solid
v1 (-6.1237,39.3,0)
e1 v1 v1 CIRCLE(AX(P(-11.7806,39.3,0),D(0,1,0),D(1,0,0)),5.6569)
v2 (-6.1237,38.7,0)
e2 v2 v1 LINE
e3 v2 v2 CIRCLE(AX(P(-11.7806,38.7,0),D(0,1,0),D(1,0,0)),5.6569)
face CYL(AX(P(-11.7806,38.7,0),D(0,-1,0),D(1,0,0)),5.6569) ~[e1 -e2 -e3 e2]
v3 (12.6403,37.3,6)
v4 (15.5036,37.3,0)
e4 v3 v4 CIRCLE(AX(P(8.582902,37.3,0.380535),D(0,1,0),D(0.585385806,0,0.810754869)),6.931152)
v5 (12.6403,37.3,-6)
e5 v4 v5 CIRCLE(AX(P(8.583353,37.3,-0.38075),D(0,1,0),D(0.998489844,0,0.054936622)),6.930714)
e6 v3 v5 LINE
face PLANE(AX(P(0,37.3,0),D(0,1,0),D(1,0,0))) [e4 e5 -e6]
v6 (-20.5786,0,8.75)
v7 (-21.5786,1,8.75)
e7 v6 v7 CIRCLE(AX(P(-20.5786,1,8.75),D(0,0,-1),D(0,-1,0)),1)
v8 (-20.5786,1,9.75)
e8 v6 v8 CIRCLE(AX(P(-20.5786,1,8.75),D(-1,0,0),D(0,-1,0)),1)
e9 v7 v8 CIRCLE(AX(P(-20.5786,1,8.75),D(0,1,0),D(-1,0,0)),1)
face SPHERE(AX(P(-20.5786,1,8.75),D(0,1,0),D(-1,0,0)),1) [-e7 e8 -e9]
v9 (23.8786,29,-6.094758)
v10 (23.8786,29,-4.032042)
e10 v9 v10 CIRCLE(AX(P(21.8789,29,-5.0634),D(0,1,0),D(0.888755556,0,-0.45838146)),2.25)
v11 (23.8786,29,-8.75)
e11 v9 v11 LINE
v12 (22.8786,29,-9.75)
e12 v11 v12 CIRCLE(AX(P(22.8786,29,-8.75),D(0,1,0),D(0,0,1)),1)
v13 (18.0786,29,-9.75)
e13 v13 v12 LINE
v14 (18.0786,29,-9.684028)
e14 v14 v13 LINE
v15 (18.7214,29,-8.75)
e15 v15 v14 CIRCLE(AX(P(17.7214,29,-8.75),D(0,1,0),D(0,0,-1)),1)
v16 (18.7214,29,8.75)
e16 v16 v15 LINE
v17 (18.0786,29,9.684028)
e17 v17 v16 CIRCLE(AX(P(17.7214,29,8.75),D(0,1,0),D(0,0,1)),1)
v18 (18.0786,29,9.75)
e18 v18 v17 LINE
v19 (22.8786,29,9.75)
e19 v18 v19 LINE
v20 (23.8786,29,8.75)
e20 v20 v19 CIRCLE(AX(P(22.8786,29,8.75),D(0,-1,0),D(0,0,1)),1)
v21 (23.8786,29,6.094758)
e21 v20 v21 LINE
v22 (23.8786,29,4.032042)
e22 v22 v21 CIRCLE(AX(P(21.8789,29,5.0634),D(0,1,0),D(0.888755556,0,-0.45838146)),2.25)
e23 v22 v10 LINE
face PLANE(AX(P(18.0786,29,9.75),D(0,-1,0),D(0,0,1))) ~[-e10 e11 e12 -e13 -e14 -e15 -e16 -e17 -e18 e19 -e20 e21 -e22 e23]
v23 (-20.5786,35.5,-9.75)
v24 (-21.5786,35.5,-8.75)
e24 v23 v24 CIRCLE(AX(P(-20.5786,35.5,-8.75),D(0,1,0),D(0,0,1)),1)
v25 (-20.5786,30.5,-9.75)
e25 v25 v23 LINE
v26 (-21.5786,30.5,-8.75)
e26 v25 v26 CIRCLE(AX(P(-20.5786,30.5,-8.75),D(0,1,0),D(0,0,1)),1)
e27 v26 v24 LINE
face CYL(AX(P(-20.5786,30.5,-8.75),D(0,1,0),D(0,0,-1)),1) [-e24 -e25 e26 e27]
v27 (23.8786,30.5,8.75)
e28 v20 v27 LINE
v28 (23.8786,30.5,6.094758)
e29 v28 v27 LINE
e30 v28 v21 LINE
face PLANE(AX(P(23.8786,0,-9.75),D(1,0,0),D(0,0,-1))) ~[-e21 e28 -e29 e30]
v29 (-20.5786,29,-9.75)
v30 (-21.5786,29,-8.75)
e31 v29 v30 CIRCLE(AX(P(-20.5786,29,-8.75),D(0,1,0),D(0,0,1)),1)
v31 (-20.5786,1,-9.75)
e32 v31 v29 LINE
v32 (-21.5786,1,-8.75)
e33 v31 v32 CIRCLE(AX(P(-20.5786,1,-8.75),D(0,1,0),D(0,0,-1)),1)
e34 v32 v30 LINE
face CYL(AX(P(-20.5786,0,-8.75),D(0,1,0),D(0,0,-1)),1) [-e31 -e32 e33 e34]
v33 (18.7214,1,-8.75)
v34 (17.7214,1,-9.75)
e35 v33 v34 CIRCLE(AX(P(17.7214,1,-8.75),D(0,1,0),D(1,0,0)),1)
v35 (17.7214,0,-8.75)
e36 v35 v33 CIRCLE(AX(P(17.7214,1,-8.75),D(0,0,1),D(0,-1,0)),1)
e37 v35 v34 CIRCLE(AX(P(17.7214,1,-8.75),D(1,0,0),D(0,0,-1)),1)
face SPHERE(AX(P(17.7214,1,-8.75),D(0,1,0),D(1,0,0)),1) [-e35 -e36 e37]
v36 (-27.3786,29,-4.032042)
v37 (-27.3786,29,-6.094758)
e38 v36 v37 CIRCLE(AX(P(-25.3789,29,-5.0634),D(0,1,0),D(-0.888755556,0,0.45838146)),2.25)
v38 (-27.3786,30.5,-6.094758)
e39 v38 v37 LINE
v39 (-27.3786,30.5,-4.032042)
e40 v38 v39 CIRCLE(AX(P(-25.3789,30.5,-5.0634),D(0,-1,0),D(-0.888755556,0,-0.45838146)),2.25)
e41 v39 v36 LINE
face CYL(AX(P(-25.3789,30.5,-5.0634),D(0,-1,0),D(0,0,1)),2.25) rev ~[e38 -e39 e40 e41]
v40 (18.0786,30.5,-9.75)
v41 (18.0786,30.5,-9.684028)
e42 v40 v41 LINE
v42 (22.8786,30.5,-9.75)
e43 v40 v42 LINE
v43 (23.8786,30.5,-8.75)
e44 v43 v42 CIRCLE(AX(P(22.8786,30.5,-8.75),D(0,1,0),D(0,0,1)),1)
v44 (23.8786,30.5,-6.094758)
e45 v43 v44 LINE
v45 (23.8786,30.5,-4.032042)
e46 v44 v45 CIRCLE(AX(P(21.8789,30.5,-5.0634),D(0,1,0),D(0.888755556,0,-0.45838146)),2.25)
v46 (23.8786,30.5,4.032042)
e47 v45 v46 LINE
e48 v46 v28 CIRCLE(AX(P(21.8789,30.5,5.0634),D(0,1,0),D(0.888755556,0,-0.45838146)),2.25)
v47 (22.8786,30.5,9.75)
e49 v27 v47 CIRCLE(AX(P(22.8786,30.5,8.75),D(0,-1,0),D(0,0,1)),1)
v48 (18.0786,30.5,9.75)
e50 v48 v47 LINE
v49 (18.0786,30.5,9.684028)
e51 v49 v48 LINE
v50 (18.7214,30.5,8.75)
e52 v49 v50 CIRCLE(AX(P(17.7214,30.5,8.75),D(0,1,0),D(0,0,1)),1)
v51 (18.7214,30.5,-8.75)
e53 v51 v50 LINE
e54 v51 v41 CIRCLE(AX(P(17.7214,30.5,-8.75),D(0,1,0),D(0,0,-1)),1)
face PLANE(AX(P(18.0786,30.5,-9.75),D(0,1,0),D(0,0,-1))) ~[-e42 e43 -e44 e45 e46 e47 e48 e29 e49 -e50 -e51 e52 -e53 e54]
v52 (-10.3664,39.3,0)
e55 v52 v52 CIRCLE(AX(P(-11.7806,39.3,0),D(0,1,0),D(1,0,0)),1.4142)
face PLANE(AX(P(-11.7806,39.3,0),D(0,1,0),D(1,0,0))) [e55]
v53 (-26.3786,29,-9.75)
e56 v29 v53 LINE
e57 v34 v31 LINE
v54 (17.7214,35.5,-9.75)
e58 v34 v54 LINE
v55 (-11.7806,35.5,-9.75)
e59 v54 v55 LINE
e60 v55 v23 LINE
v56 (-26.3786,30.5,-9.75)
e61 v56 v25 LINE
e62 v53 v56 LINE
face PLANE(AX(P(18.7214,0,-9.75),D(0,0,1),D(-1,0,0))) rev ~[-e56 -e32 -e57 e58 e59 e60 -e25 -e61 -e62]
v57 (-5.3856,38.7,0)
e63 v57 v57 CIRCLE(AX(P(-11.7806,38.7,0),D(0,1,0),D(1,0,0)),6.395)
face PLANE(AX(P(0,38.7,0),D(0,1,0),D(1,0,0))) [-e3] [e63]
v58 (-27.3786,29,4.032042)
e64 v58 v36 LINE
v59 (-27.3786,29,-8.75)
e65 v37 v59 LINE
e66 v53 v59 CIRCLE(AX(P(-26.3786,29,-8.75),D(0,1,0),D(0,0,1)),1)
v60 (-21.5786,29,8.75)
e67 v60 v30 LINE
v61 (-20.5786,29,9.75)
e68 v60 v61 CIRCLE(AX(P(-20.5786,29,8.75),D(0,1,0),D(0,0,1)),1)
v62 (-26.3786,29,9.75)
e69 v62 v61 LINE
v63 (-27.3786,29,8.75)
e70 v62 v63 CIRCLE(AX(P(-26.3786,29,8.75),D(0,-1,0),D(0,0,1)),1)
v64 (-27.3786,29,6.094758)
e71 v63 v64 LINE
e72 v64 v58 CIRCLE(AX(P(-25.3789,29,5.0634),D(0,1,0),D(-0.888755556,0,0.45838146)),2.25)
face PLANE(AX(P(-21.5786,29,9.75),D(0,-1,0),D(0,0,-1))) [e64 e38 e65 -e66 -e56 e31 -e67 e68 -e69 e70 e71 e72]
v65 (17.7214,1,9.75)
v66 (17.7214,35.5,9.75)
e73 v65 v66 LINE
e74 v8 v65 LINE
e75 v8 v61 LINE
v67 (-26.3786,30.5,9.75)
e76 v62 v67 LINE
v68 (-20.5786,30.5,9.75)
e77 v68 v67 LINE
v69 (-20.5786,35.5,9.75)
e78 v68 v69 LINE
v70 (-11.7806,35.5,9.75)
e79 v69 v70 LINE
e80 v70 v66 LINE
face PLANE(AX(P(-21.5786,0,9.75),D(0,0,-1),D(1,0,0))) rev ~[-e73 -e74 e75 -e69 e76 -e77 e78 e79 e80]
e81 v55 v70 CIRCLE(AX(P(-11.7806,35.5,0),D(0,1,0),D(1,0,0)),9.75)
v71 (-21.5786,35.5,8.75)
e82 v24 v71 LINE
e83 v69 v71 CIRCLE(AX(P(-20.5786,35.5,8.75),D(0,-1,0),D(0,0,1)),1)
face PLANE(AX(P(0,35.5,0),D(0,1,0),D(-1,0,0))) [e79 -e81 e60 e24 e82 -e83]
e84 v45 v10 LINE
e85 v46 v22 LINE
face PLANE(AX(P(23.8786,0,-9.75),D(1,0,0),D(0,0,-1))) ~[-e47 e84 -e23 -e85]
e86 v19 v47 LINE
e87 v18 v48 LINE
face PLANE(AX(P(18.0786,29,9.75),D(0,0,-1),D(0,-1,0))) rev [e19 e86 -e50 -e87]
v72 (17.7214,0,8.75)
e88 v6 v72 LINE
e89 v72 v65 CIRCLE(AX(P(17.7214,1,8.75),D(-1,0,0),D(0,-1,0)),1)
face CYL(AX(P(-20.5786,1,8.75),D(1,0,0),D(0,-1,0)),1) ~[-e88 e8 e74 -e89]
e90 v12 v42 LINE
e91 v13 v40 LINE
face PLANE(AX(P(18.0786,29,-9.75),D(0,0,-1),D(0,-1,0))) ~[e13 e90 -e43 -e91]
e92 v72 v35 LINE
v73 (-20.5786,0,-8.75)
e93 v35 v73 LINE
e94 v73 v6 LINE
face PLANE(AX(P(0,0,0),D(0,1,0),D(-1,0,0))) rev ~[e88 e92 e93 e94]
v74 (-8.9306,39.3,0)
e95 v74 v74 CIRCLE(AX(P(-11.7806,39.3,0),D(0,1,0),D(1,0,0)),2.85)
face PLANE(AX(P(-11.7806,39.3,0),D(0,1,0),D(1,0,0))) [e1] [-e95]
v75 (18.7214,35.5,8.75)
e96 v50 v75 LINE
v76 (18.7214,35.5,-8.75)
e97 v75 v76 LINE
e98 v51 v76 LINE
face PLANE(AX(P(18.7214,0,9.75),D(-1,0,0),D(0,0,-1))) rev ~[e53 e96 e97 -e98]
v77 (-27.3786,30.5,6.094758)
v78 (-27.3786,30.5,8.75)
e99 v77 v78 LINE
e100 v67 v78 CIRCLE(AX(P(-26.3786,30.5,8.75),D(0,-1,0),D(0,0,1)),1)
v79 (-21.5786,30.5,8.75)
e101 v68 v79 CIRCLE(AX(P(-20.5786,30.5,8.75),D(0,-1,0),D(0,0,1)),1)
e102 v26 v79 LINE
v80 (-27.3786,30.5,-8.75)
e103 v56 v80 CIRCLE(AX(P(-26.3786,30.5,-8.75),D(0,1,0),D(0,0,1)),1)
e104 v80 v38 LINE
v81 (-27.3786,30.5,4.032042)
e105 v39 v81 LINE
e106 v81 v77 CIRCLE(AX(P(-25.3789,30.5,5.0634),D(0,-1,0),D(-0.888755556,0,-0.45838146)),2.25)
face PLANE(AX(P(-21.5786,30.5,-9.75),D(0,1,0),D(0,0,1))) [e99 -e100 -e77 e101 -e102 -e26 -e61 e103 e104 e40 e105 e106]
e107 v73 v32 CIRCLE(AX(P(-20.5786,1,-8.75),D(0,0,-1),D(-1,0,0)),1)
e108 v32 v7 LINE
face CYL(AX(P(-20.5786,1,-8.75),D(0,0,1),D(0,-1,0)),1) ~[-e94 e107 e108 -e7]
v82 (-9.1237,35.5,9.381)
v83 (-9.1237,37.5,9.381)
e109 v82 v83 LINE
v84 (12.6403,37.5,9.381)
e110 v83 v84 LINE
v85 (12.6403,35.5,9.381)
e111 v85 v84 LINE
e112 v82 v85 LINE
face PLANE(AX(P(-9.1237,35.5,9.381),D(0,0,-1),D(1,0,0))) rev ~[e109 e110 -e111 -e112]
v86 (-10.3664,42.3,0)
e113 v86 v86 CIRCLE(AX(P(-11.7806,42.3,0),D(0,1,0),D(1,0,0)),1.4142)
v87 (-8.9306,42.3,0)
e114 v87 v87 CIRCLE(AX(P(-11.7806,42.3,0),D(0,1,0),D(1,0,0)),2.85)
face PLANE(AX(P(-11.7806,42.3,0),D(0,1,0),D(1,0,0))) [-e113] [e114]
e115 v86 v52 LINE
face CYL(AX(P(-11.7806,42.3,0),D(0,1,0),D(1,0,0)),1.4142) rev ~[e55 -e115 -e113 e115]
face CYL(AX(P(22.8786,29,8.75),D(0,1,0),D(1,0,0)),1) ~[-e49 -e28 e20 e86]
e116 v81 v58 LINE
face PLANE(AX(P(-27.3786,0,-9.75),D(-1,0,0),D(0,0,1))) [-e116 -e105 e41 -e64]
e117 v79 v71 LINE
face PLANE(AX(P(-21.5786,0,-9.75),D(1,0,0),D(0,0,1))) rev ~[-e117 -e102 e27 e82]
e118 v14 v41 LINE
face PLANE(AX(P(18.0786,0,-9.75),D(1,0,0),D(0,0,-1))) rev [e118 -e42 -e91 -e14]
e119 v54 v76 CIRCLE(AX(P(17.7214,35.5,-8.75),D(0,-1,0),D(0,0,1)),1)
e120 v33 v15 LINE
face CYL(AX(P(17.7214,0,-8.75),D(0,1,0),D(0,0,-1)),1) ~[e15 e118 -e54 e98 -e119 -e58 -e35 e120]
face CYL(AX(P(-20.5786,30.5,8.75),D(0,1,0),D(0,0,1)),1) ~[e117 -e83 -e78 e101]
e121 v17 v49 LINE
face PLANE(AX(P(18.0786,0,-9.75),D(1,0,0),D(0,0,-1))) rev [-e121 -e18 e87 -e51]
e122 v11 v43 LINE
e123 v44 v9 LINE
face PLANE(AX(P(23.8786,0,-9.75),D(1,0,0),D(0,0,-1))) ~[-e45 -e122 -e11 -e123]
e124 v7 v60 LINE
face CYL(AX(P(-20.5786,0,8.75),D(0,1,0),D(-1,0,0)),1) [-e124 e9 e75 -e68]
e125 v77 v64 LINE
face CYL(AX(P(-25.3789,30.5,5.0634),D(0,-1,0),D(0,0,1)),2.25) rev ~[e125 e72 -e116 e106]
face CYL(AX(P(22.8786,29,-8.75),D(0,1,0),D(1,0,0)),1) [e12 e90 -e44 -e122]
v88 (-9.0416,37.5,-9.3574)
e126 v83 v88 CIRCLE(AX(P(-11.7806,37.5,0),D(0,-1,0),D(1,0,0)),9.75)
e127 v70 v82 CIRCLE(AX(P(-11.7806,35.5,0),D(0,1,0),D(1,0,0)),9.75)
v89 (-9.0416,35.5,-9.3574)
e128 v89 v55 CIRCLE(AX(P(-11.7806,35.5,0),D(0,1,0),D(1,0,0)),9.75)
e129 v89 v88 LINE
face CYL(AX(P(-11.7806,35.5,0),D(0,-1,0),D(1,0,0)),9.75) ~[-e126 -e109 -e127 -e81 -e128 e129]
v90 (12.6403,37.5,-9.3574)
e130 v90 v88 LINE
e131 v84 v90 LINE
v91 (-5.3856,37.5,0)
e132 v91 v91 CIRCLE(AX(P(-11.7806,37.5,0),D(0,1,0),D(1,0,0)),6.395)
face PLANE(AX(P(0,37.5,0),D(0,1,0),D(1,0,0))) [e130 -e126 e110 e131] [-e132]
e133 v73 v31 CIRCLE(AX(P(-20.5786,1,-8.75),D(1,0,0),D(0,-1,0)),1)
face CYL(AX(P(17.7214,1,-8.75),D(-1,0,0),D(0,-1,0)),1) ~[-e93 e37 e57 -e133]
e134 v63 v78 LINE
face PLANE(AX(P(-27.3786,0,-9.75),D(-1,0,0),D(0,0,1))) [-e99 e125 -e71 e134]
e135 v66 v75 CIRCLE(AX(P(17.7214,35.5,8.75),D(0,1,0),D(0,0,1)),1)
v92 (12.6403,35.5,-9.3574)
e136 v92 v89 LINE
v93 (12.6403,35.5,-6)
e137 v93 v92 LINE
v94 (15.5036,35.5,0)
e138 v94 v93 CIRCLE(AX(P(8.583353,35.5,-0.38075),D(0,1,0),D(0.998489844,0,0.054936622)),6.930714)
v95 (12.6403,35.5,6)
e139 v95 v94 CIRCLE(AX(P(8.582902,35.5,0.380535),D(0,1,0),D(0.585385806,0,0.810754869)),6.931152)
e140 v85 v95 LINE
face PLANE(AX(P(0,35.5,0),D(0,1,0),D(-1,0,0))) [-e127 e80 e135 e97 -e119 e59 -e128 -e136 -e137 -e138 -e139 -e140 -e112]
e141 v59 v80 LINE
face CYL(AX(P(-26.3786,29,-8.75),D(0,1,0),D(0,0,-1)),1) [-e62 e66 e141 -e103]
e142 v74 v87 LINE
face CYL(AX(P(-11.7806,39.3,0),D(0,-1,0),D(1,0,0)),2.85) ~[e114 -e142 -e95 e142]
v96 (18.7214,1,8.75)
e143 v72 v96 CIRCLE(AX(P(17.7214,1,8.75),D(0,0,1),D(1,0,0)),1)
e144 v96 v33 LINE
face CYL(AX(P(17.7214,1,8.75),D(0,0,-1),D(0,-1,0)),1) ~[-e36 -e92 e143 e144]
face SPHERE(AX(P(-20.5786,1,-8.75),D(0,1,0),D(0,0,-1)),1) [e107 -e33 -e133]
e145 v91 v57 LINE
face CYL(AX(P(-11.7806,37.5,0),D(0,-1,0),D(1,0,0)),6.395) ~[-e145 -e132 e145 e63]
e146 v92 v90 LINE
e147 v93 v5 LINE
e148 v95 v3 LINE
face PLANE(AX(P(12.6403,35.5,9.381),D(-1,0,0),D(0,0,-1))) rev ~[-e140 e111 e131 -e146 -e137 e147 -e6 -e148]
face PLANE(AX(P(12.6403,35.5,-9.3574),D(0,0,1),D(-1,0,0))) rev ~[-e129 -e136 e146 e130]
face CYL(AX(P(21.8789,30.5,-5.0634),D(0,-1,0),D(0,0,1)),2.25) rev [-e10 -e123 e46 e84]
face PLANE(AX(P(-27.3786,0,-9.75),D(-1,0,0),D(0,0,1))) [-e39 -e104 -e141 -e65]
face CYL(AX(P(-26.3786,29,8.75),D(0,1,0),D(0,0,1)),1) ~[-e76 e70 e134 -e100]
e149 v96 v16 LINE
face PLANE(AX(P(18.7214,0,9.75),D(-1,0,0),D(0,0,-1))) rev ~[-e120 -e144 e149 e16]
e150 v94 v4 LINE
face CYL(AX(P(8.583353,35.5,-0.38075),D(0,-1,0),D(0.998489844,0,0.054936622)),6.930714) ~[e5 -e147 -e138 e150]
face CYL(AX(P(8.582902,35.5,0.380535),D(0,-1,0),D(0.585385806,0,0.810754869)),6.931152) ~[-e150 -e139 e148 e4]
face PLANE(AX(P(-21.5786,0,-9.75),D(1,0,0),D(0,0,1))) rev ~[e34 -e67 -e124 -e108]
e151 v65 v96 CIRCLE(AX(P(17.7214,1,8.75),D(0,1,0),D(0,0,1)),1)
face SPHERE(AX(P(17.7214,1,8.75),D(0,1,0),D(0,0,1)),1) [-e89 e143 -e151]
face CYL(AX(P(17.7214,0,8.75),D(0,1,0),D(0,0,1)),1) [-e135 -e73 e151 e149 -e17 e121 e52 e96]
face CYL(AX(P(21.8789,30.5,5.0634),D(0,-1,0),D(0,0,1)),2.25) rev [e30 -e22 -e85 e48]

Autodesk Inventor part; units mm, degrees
ref_plane "XZ Plane" through (0, 0, 0) normal (0, 1, 0) x (-1, 0, 0)
ref_plane "XY Plane" through (0, 0, 0) normal (0, 0, 1) x (1, 0, 0)
sketch "Sketch4" plane through (0, 0, 0) normal (0, 1, 0) x (-1, 0, 0)
  line L0 (21.5786, 9.75) -> (-18.7214, 9.75)
  line L1 (-18.7214, 9.75) -> (-18.7214, -9.75)
  line L2 (-18.7214, -9.75) -> (21.5786, -9.75)
  line L3 (21.5786, -9.75) -> (21.5786, 9.75)
  point P0 (0, 0)
  point P1 (21.5786, 0)
  dimension "d6" = 19.5
  dimension "d7" = 40.3
extrude "Extrusion2" add sketch "Sketch4" along normal blind 35.5
sketch "Sketch5" plane through (0, 35.5, 0) normal (0, 1, 0) x (1, 0, 0)
  point P0 (0, 0)
sketch "Sketch6" plane through (0, 35.5, 0) normal (0, 1, 0) x (1, 0, 0)
  point P0 (0, 0)
sketch "Sketch7" plane through (0, 35.5, 0) normal (0, 1, 0) x (1, 0, 0)
  point P0 (0, 0)
sketch "Sketch9" plane through (0, 35.5, 0) normal (0, 1, 0) x (1, 0, 0)
  circle A0 centre (-11.7806, 0) radius 9.75
  line L0 (18.7214, 9.75) -> (-21.5786, 9.75) projected
  point P0 (0, 0)
extrude "Extrusion3" add sketch "Sketch9" along normal blind 2
sketch "Sketch12" plane through (0, 35.5, 0) normal (0, 1, 0) x (1, 0, 0)
  arc A0 (-11.7806, -9.75) -> (-11.7806, 9.75) centre (-11.7806, 0) ccw projected
  arc A1 (-9.1237, -9.381) -> (-9.0416, 9.3574) centre (-11.7806, 0) ccw
  line L0 (-9.1237, -9.381) -> (12.6403, -9.381)
  line L1 (12.6403, -9.381) -> (12.6403, 9.3574)
  line L2 (12.6403, 9.3574) -> (-9.0416, 9.3574)
  point P0 (0, 0)
extrude "Extrusion4" add sketch "Sketch12" along normal blind 2
sketch "Sketch13" plane through (0, 35.5, 0) normal (0, 1, 0) x (1, 0, 0)
  line L0 (-21.5786, 9.75) -> (-21.5786, -9.75) construction
  line L1 (-21.5786, 0) -> (18, 0) construction
  line L2 (12.6403, -9.381) -> (12.6403, 9.3574) projected
  arc A0 (12.6403, -6) -> (15.5036, 0) centre (8.5831, -0.3807) ccw
  arc A1 (15.5036, 0) -> (12.6403, 6) centre (8.5831, 0.3807) ccw
  line L3 (12.6403, -6) -> (12.6403, 6)
  line L4 (12.6403, 9.3574) -> (12.6403, -9.381) projected
  point P0 (0, 0)
extrude "Extrusion5" add sketch "Sketch13" along normal blind 1.8
sketch "Sketch14" plane through (0, 37.5, 0) normal (0, 1, 0) x (1, 0, 0)
  arc A0 (-9.0416, 9.3574) -> (-9.1237, -9.381) centre (-11.7806, 0) ccw projected
  circle A1 centre (-11.7806, 0) radius 6.395
  point P0 (0, 0)
  dimension "d16" = 12.79
extrude "Extrusion6" add sketch "Sketch14" along normal blind 1.2
sketch "Sketch16" plane through (-11.7806, 38.7, 0) normal (0, 1, 0) x (1, 0, 0)
  circle A0 centre (0, 0) radius 6.395 projected
  circle A1 centre (0, 0) radius 5.6569
  point P0 (11.7806, 0)
extrude "Extrusion7" add sketch "Sketch16" along normal blind 0.6 contours A1
sketch "Sketch17" plane through (-11.7806, 39.3, 0) normal (0, 1, 0) x (1, 0, 0)
  circle A0 centre (0, 0) radius 6.395 projected
  circle A1 centre (0, 0) radius 2.85
  point P0 (11.7806, 0)
  dimension "d21" = 5.7
extrude "Extrusion8" add sketch "Sketch17" along normal blind 3 contours A1
sketch "Sketch18" plane through (-11.7806, 42.3, 0) normal (0, 1, 0) x (1, 0, 0)
  circle A0 centre (0, 0) radius 2.85 projected
  circle A1 centre (0, 0) radius 1.4142
  point P0 (11.7806, 0)
extrude "Extrusion9" cut sketch "Sketch18" against normal blind 3 contours A1
sketch "Sketch19" plane through (-21.5786, 0, -9.75) normal (-1, 0, 0) x (0, 0, 1)
  line L0 (0, 35.5) -> (0, 30.5) construction
  line L1 (19.5, 0) -> (19.5, 35.5) projected
  line L2 (0, 30.5) -> (19.5, 30.5)
  line L3 (19.5, 30.5) -> (19.5, 29)
  line L4 (19.5, 29) -> (0, 29)
  line L5 (0, 29) -> (0, 30.5)
  point P0 (9.75, 0)
  dimension "d26" = 5
extrude "Extrusion10" add sketch "Sketch19" along normal blind 5.8
sketch "Sketch20" plane through (-21.5786, 30.5, 9.75) normal (0, 1, 0) x (1, 0, 0)
  point P0 (21.5786, 9.75)
sketch "Sketch22" plane through (-21.5786, 30.5, 9.75) normal (0, 1, 0) x (1, 0, 0)
  circle A0 centre (-3.8003, 4.6866) radius 2.25
  line L0 (-11.4938, 9.75) -> (0.0481, 9.75) construction
  arc A1 (9.7981, 19.5) -> (9.7981, 0) centre (9.7981, 9.75) ccw construction
  circle A2 centre (-3.8003, 14.8134) radius 2.25
  point P0 (21.5786, 9.75)
  dimension "d29" = 4.5
hole "Hole1" at (-25.3789, 30.5, 5.0634) at (-25.3789, 30.5, -5.0634) direction (0, -1, 0) diameter 4.5 depth 8 tip angle 118
fillet "Fillet1" radius 1 1 edges at (-27.3786, 29.75, 9.75)
fillet "Fillet2" radius 1 1 edges at (-27.3786, 29.75, -9.75)
fillet "Fillet3" radius 1 4 edges at (-21.5786, 33, 9.75) (-21.5786, 33, -9.75) (18.7214, 17.75, 9.75) (18.7214, 17.75, -9.75)
fillet "Fillet4" radius 1 2 edges at (-21.5786, 14.5, 9.75) (-21.5786, 14.5, -9.75)
ref_plane "Work Plane4" through (-1.75, 0, 0) normal (1, 0, 0) x (0, 1, 0)
mirror "Mirror2" about plane through (-1.75, 0, 0) normal (1, 0, 0) of "Extrusion10", "Hole1", "Fillet1", "Fillet2"
fillet "Fillet5" radius 1 8 edges at (-1.4286, 0, 9.75) (18.4285, 0, 9.4571) (18.7214, 0, 0) (18.4285, 0, -9.4571) (-1.4286, 0, -9.75) (-21.2858, 0, -9.4571) (-21.5786, 0, 0) (-21.2858, 0, 9.4571)
sketch "Sketch26" plane through (0, 35.5, 0) normal (0, 1, 0) x (1, 0, 0)
  point P0 (0, 0)
properties part number "servo"
